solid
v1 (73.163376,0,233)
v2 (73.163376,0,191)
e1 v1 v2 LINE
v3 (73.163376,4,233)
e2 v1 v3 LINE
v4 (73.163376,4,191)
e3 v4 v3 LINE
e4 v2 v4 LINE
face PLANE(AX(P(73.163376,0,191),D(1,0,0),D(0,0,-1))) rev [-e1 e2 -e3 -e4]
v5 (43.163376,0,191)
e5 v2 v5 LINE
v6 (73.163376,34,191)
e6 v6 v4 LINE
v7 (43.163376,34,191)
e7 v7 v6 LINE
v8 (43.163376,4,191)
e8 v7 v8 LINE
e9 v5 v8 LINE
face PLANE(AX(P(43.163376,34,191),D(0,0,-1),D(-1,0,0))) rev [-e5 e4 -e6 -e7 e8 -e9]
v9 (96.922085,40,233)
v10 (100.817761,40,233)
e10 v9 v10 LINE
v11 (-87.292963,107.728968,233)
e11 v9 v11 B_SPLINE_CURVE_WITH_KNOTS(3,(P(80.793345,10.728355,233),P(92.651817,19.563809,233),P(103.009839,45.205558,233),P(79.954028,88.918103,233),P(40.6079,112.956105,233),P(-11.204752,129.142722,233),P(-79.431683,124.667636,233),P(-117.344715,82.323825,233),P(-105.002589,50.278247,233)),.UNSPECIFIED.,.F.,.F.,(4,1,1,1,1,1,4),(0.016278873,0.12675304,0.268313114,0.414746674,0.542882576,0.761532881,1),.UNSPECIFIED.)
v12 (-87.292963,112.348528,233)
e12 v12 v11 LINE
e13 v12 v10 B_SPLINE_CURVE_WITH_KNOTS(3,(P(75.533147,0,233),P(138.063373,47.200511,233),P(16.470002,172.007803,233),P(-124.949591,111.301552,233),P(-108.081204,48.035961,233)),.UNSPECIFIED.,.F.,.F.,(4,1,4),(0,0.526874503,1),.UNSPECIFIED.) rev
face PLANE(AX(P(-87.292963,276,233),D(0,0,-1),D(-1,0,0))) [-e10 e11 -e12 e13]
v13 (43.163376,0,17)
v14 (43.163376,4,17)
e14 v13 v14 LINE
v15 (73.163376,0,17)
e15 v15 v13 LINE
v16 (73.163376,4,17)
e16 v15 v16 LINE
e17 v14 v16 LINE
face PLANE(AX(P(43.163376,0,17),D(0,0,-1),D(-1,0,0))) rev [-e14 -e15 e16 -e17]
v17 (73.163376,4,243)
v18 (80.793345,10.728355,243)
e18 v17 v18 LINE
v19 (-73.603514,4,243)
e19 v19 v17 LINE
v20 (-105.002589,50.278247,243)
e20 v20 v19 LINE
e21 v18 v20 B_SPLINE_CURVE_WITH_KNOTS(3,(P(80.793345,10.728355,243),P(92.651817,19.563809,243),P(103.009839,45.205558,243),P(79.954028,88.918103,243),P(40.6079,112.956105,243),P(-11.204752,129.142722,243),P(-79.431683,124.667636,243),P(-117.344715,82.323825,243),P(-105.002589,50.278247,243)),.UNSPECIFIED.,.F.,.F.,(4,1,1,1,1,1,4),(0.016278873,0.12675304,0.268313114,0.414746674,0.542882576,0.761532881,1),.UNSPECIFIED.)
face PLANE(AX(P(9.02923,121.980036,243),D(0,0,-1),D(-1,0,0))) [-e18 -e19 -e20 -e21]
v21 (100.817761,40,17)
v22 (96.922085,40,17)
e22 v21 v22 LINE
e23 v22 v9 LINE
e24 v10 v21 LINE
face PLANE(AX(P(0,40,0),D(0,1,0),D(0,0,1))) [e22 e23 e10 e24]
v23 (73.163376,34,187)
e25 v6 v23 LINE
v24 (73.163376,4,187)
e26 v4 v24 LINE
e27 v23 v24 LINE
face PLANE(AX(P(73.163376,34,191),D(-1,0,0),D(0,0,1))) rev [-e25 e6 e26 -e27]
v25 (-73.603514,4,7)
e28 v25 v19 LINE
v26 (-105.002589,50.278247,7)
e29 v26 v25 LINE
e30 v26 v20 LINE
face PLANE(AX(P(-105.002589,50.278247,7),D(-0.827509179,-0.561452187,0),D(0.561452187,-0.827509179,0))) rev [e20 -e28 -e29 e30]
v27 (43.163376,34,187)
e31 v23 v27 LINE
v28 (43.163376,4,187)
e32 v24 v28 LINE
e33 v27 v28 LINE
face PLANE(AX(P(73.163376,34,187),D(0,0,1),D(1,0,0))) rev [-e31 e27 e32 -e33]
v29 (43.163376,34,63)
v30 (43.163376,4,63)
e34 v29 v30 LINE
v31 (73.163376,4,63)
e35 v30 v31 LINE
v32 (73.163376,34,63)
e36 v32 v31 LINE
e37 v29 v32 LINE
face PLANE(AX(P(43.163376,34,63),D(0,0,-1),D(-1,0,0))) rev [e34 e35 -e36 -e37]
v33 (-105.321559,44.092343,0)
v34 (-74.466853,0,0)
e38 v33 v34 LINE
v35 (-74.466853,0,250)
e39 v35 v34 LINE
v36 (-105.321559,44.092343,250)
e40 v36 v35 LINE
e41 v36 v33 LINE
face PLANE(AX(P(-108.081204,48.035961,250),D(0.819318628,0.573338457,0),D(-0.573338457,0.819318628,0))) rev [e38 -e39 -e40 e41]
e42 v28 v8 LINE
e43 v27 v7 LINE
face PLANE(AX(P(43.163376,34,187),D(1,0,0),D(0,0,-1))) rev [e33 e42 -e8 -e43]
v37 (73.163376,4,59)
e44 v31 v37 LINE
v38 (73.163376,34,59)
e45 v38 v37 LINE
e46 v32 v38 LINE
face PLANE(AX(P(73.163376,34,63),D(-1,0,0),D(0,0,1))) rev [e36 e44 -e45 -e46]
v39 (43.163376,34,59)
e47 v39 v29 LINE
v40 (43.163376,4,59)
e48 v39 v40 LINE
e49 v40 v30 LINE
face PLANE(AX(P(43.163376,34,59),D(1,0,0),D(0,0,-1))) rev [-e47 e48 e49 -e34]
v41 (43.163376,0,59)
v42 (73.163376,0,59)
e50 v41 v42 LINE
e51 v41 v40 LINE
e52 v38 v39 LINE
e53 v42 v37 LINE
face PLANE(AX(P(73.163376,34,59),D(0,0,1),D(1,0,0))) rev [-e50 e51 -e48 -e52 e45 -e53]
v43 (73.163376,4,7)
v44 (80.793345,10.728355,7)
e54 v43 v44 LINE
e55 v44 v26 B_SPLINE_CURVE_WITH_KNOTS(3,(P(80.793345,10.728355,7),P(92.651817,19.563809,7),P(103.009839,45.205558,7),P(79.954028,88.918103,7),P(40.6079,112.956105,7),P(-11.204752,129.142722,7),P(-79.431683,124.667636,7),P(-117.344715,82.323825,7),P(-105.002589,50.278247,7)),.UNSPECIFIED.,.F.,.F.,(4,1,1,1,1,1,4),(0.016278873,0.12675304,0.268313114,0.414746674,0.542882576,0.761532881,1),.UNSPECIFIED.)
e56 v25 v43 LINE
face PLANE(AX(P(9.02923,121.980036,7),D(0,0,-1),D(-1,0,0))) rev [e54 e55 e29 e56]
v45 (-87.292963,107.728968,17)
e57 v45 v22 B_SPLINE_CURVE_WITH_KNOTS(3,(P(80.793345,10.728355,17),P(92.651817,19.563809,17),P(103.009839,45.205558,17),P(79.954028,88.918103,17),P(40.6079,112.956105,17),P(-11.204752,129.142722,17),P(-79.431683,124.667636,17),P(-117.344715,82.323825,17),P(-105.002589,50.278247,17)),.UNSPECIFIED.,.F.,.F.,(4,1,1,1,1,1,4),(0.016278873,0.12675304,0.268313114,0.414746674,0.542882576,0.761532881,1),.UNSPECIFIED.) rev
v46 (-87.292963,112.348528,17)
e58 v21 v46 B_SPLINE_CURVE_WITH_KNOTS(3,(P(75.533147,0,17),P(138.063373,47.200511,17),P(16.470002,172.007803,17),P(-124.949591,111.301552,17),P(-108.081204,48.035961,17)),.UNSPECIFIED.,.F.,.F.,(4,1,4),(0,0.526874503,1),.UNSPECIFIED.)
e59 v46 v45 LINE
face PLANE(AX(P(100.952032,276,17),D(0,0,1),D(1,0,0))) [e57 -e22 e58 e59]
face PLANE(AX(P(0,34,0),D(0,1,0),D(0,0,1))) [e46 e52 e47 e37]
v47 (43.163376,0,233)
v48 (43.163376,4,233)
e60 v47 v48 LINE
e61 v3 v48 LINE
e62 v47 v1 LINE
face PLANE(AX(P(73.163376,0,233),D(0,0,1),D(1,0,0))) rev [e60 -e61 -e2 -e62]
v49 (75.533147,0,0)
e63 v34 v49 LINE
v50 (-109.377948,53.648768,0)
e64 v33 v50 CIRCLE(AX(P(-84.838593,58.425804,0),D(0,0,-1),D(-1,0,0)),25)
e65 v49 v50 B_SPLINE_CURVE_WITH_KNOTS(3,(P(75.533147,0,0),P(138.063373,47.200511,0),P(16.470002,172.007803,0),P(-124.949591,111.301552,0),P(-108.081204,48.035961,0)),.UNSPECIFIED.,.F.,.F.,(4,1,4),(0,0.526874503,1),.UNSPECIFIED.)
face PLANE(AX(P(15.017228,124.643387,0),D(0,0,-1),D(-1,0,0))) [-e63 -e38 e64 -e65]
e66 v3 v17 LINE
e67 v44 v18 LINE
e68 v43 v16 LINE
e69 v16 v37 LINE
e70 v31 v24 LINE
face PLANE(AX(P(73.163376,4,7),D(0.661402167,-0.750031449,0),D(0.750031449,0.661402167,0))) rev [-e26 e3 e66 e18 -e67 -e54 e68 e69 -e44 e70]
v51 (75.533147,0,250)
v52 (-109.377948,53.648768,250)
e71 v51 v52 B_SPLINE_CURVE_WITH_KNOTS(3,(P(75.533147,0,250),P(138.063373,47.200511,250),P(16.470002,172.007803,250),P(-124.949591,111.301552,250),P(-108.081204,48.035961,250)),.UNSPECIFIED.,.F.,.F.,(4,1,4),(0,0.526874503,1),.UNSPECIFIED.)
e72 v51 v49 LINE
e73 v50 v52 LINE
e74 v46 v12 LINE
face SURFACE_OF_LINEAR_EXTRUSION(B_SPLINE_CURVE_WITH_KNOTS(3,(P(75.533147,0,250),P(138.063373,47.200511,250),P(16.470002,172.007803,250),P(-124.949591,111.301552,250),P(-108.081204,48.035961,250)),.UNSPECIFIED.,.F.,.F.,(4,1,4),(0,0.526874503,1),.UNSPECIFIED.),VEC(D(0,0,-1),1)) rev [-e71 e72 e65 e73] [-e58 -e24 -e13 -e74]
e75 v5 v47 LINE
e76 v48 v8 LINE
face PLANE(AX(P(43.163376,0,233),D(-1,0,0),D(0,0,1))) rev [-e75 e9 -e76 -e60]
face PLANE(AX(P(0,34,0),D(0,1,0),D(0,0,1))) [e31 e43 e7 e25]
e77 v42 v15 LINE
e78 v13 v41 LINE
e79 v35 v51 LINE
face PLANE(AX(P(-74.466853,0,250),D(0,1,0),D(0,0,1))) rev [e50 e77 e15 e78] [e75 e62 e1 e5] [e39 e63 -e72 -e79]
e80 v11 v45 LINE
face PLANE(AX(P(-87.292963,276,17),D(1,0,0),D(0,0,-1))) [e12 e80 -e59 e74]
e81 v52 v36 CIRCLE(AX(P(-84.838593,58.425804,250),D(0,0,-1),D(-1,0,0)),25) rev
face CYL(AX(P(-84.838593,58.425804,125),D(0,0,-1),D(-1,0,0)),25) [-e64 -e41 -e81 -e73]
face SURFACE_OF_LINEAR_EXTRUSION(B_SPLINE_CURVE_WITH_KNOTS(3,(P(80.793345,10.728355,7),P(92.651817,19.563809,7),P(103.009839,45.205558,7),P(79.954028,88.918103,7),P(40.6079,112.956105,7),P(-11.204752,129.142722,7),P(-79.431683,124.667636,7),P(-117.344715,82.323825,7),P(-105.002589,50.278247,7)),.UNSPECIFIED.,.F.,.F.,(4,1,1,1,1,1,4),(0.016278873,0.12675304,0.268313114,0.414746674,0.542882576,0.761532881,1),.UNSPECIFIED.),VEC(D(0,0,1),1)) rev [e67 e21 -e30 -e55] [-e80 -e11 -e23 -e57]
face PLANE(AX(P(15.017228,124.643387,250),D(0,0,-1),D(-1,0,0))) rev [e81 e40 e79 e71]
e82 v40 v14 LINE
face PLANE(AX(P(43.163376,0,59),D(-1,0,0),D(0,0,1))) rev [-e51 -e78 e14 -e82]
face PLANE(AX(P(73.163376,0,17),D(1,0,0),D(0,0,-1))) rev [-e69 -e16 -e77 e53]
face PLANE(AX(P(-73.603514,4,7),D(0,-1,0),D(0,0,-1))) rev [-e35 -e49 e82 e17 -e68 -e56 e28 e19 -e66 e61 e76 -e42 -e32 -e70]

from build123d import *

# Parameters (mm, degrees)
BOSS_EXTRUDE1_DEPTH     = 250
CUT_EXTRUDE1_START      = -7
CUT_EXTRUDE1_DEPTH      = 236
CUT_EXTRUDE2_START      = 40
SKETCH3_W               = 188.244995532
SKETCH3_H               = 216
CUT_EXTRUDE2_DEPTH      = 236
FILLET1_R               = 25
SKETCH6_W               = 30
SKETCH6_H               = 4
BOSS_EXTRUDE2_DEPTH     = 30
SKETCH7_W               = 30
SKETCH7_H               = 42
CUT_EXTRUDE3_DEPTH      = 127.205636965
CUT_EXTRUDE3_DEPTH_BACK = 5.0000001
SKETCH8_W               = 30
SKETCH8_H               = 4
BOSS_EXTRUDE3_DEPTH     = 30
SKETCH9_W               = 30
SKETCH9_H               = 42
CUT_EXTRUDE4_DEPTH      = 127.205636965
CUT_EXTRUDE4_DEPTH_BACK = 5.0000001


with BuildPart() as part:
    # Sketch1 → Boss-Extrude1 (new body)
    with BuildSketch(Plane.XY):
        with BuildLine():
            Line((-74.466852712, 0), (75.533147288, 0))
            add(Edge.make_bspline(
                [(75.533147288, 0), (138.063372934, 47.200510513), (16.470001542, 172.007803308), (-124.949591118, 111.301552399), (-108.081203548, 48.03596108)],
                knots=[0, 0, 0, 0, 0.526874503, 1, 1, 1, 1], degree=3))
            Line((-108.081203548, 48.03596108), (-74.466852712, 0))
        make_face()
    extrude(amount=BOSS_EXTRUDE1_DEPTH)

    # Sketch2 → Cut-Extrude1 (cut)
    with BuildSketch(Plane.XY.offset(250).offset(CUT_EXTRUDE1_START)):
        with BuildLine():
            Line((-105.002588912, 50.278247003), (-73.603513663, 4))
            Line((-73.603513663, 4), (73.163375947, 4))
            Line((73.163375947, 4), (80.793344513, 10.72835486))
            add(Edge.make_bspline(
                [(80.793344513, 10.72835486), (92.651817418, 19.563808902), (103.009839439, 45.205558115), (79.954027593, 88.91810325), (40.607899873, 112.95610518), (-11.204752472, 129.142722192), (-79.431682825, 124.667635826), (-117.344714605, 82.323825457), (-105.002588912, 50.278247003)],
                knots=[0.016278873, 0.016278873, 0.016278873, 0.016278873, 0.12675304, 0.268313114, 0.414746674, 0.542882576, 0.761532881, 1, 1, 1, 1], degree=3))
        make_face()
    extrude(amount=-CUT_EXTRUDE1_DEPTH, mode=Mode.SUBTRACT)

    # Sketch3 → Cut-Extrude2 (cut)
    with BuildSketch(Plane(origin=(0, 0, 0), x_dir=(1, 0, 0), z_dir=(0, 1, 0)).offset(CUT_EXTRUDE2_START)):
        with Locations((6.82953452, -125)):
            Rectangle(SKETCH3_W, SKETCH3_H)
    extrude(amount=CUT_EXTRUDE2_DEPTH, mode=Mode.SUBTRACT)

    # Fillet1
    fillet1_edges = [part.edges().sort_by_distance(p)[0] for p in [
        (-108.081203548, 48.03596108, 125),
    ]]
    fillet(fillet1_edges, radius=FILLET1_R)

    # Sketch6 → Boss-Extrude2 (add)
    with BuildSketch(Plane(origin=(0, 4, 0), x_dir=(1, 0, 0), z_dir=(0, 1, 0))):
        with Locations((58.163375947, -189)):
            Rectangle(SKETCH6_W, SKETCH6_H)
    extrude(amount=BOSS_EXTRUDE2_DEPTH)

    # Sketch7 → Cut-Extrude3 (cut, two sides)
    with BuildSketch(Plane(origin=(0, 4, 0), x_dir=(1, 0, 0), z_dir=(0, 1, 0))) as cut_extrude3_sk:
        with Locations((58.163375947, -212)):
            Rectangle(SKETCH7_W, SKETCH7_H)
    extrude(amount=CUT_EXTRUDE3_DEPTH, mode=Mode.SUBTRACT)
    extrude(cut_extrude3_sk.sketch, amount=-CUT_EXTRUDE3_DEPTH_BACK, mode=Mode.SUBTRACT)

    # Sketch8 → Boss-Extrude3 (add)
    with BuildSketch(Plane(origin=(0, 4, 0), x_dir=(1, 0, 0), z_dir=(0, 1, 0))):
        with Locations((58.163375947, -61)):
            Rectangle(SKETCH8_W, SKETCH8_H)
    extrude(amount=BOSS_EXTRUDE3_DEPTH)

    # Sketch9 → Cut-Extrude4 (cut, two sides)
    with BuildSketch(Plane(origin=(0, 4, 0), x_dir=(1, 0, 0), z_dir=(0, 1, 0))) as cut_extrude4_sk:
        with Locations((58.163375947, -38)):
            Rectangle(SKETCH9_W, SKETCH9_H)
    extrude(amount=CUT_EXTRUDE4_DEPTH, mode=Mode.SUBTRACT)
    extrude(cut_extrude4_sk.sketch, amount=-CUT_EXTRUDE4_DEPTH_BACK, mode=Mode.SUBTRACT)


solid = part.part
